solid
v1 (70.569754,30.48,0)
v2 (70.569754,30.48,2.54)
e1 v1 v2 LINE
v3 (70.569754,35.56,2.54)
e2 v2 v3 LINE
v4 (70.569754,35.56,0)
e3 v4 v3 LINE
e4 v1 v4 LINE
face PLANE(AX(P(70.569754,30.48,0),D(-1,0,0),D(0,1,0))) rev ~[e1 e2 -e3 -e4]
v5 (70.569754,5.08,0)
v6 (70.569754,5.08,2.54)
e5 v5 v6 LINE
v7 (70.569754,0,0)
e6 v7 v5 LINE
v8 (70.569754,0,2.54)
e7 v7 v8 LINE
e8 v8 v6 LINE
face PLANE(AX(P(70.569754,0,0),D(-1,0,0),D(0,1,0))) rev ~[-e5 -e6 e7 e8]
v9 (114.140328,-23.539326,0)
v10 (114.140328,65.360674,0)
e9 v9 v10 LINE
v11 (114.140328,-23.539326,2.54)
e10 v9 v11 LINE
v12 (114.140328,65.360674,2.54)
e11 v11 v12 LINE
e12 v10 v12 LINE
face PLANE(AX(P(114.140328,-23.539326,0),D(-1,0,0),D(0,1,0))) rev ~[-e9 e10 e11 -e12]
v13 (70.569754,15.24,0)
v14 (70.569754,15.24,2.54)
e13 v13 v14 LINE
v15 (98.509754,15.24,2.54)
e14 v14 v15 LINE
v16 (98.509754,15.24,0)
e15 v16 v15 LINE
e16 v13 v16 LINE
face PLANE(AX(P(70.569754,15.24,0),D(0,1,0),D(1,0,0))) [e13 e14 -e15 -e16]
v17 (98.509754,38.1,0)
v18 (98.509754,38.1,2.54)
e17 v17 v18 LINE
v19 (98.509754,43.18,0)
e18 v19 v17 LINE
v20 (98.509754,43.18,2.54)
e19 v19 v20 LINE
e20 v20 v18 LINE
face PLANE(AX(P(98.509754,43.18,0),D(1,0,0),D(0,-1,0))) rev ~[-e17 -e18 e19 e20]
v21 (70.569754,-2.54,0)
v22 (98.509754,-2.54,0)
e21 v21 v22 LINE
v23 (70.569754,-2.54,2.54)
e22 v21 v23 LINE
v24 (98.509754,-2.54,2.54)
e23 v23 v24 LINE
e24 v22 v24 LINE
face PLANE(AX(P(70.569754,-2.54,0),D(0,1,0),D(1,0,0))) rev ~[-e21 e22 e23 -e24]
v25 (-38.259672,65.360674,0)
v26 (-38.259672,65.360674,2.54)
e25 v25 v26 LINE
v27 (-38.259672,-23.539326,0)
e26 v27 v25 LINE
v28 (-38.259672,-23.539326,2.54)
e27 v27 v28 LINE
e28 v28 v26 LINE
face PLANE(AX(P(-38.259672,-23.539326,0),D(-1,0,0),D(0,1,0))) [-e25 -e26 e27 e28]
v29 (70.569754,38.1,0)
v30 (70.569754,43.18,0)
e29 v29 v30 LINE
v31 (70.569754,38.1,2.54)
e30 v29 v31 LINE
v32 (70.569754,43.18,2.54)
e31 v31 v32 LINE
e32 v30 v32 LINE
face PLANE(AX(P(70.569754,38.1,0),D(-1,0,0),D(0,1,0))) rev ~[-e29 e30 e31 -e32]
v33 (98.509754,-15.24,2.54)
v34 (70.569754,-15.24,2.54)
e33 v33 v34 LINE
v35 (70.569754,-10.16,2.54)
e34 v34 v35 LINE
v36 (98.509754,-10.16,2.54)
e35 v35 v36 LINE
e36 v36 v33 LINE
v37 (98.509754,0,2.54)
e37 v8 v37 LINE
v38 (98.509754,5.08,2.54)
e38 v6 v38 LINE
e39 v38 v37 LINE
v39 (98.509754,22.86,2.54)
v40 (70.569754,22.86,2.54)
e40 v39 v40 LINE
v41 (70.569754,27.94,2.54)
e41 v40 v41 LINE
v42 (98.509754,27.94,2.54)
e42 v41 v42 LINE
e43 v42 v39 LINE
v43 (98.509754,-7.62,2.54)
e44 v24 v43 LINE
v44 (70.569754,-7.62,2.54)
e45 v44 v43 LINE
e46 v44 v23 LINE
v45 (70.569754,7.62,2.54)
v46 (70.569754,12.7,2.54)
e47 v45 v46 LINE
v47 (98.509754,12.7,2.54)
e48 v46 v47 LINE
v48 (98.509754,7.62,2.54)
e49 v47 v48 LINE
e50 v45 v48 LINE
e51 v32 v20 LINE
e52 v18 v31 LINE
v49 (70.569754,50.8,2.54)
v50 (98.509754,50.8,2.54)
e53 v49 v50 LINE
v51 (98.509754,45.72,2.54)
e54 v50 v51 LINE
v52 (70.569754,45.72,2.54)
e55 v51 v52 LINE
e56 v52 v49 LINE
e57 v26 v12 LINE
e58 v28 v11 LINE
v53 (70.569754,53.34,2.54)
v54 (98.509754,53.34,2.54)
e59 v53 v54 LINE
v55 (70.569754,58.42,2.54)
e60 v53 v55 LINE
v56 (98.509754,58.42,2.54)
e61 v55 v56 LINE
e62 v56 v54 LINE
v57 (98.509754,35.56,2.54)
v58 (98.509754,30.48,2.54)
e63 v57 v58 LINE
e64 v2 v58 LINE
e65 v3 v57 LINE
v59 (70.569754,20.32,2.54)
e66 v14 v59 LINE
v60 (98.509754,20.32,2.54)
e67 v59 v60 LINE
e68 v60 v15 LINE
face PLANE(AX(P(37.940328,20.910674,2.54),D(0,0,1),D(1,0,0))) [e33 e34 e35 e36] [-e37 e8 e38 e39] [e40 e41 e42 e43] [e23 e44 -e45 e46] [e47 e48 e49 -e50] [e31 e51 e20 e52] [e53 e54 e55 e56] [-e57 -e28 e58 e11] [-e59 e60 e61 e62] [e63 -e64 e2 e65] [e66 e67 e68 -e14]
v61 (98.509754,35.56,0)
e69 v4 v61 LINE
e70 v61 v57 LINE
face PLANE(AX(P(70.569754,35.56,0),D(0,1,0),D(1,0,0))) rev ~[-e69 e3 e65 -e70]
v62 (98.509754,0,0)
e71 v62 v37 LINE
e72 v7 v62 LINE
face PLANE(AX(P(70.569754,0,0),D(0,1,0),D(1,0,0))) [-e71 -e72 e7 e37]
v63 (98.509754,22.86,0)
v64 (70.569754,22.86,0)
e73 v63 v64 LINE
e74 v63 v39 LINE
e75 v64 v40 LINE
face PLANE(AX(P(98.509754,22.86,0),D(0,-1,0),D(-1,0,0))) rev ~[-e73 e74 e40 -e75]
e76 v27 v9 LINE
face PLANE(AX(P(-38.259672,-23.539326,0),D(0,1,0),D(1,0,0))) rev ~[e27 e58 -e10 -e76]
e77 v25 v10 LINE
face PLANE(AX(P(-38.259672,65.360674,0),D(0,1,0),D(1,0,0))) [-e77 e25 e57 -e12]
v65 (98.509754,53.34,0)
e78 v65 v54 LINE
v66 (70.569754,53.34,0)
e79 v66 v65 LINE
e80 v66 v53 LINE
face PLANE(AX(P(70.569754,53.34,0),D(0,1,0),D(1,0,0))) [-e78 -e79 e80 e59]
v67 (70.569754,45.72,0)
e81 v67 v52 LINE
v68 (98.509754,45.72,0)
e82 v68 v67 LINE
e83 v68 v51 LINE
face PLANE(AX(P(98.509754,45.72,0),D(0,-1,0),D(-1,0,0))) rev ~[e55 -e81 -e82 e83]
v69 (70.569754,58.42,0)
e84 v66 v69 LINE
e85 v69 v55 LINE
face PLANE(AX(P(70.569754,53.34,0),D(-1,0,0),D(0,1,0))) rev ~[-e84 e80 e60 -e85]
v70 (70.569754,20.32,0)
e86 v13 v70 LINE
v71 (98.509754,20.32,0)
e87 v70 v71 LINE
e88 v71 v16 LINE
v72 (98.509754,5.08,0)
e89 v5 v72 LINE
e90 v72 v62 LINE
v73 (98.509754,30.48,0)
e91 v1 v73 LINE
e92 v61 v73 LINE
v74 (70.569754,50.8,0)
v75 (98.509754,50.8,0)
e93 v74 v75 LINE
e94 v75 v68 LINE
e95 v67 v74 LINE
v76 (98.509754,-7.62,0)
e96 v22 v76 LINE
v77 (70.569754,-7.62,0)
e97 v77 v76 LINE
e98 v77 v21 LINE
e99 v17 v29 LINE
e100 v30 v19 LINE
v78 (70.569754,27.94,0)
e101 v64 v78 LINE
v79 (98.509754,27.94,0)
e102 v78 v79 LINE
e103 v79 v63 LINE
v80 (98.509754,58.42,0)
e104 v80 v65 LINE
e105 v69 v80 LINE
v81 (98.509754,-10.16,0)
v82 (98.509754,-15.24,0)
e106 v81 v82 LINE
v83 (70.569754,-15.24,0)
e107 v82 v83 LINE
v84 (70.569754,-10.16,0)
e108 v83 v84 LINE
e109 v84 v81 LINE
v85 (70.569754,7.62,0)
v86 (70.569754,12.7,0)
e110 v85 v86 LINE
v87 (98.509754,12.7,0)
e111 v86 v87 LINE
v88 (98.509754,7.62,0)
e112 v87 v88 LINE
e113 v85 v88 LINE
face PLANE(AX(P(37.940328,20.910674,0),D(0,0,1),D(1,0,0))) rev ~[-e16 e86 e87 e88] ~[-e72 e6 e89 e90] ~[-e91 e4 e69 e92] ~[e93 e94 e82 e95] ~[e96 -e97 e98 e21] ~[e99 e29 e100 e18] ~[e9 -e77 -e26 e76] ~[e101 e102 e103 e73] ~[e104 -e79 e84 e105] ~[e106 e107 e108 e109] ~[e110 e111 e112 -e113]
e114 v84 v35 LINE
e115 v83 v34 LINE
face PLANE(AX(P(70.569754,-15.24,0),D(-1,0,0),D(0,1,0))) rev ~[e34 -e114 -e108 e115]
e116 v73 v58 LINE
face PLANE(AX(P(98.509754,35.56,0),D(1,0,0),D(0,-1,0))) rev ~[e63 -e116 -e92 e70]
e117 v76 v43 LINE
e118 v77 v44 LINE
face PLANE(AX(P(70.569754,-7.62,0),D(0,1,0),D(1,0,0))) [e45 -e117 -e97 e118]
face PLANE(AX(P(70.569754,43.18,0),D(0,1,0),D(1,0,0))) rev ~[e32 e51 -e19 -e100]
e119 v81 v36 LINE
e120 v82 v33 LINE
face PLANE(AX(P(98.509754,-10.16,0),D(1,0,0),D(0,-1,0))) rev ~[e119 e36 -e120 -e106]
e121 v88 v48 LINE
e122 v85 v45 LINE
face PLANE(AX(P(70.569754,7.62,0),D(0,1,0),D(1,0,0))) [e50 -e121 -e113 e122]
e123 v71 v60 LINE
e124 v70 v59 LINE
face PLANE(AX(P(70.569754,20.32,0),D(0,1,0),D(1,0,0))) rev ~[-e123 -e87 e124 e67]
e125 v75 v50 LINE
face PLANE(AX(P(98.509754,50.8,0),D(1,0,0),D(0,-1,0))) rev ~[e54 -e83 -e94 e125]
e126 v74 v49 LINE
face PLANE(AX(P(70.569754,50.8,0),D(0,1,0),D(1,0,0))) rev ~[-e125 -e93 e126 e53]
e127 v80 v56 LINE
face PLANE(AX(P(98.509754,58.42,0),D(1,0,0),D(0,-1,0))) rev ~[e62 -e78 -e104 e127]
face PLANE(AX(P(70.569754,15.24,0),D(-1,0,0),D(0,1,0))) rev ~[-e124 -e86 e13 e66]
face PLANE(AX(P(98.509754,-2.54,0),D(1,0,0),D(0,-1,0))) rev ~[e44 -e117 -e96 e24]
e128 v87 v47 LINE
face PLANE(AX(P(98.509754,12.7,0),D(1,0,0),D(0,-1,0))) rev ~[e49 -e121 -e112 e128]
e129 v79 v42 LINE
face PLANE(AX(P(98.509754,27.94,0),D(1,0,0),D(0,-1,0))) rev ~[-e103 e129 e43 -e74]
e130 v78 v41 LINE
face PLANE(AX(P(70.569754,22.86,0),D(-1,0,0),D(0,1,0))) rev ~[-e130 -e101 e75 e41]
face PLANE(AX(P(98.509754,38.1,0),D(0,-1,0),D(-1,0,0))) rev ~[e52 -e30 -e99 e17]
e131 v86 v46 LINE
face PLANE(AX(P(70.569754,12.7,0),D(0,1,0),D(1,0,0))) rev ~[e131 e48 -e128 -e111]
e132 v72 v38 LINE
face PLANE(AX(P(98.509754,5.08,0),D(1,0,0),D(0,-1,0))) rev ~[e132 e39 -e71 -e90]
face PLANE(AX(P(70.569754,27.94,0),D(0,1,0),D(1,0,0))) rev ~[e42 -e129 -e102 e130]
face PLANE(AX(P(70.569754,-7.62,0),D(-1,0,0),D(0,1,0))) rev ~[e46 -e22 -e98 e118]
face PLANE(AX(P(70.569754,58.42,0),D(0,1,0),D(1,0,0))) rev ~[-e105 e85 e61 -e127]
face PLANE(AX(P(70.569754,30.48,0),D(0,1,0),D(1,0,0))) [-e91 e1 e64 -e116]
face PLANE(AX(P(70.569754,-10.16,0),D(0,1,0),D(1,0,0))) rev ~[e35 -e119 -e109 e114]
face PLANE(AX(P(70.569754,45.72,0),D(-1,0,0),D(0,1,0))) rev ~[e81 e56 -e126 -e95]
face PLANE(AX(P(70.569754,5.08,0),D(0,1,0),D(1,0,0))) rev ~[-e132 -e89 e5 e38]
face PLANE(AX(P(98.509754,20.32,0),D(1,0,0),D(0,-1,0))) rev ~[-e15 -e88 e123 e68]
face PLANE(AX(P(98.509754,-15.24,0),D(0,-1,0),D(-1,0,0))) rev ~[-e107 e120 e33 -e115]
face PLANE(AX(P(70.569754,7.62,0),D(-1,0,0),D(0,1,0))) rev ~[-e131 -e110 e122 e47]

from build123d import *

# Parameters (mm, degrees)
F0_W     = 152.4
F0_H     = 88.9
F0_W_2   = 27.94
F0_H_2   = 2.54
F1_DEPTH = 2.54


with BuildPart() as f1:
    # F0 (on Top) → F1 (new body)
    with BuildSketch(Plane.XY):
        with Locations((37.940328, 20.910674)):
            Rectangle(F0_W, F0_H)
        Polygon((70.569754, 53.34), (70.569754, 58.42), (98.509754, 58.42), (98.509754, 53.34), (98.509754, 50.8), (98.509754, 45.72), (98.509754, 44.100642), (98.509754, 43.18), (98.509754, 42.35965), (98.509754, 38.1), (98.509754, 38.074128), (98.509754, 35.56), (98.509754, 30.48), (98.509754, 27.94), (98.509754, 22.86), (98.509754, 20.32), (98.509754, 15.24), (98.509754, 12.7), (98.509754, 7.62), (98.509754, 5.08), (98.509754, 0), (98.509754, -2.54), (98.509754, -7.62), (98.509754, -10.16), (98.509754, -15.24), (70.569754, -15.24), (70.569754, -10.16), (70.569754, -7.62), (70.569754, -2.54), (70.569754, 0), (70.569754, 5.08), (70.569754, 7.62), (70.569754, 12.7), (70.569754, 15.24), (70.569754, 20.32), (70.569754, 21.59), (70.569754, 22.86), (70.569754, 27.94), (70.569754, 30.48), (70.569754, 35.42155), (70.569754, 35.56), (70.569754, 38.1), (70.569754, 42.35965), (70.569754, 43.18), (70.569754, 44.100642), (70.569754, 45.72), (70.569754, 50.8), align=None, mode=Mode.SUBTRACT)
        with Locations((84.539754, 13.97)):
            Rectangle(F0_W_2, F0_H_2)
        with Locations((84.539754, 6.35)):
            Rectangle(F0_W_2, F0_H_2)
        with Locations((84.539754, -1.27)):
            Rectangle(F0_W_2, F0_H_2)
        with Locations((84.539754, -8.89)):
            Rectangle(F0_W_2, F0_H_2)
        Polygon((98.509754, 45.72), (70.569754, 45.72), (70.569754, 44.100642), (70.569754, 43.18), (98.509754, 43.18), (98.509754, 44.100642), align=None)
        with Locations((84.539754, 52.07)):
            Rectangle(F0_W_2, F0_H_2)
        Polygon((98.509754, 22.86), (70.569754, 22.86), (70.569754, 21.59), (70.569754, 20.32), (98.509754, 20.32), align=None)
        with Locations((84.539754, 29.21)):
            Rectangle(F0_W_2, F0_H_2)
        Polygon((98.509754, 38.1), (70.569754, 38.1), (70.569754, 35.56), (98.509754, 35.56), (98.509754, 38.074128), align=None)
    extrude(amount=F1_DEPTH)


solid = f1.part
